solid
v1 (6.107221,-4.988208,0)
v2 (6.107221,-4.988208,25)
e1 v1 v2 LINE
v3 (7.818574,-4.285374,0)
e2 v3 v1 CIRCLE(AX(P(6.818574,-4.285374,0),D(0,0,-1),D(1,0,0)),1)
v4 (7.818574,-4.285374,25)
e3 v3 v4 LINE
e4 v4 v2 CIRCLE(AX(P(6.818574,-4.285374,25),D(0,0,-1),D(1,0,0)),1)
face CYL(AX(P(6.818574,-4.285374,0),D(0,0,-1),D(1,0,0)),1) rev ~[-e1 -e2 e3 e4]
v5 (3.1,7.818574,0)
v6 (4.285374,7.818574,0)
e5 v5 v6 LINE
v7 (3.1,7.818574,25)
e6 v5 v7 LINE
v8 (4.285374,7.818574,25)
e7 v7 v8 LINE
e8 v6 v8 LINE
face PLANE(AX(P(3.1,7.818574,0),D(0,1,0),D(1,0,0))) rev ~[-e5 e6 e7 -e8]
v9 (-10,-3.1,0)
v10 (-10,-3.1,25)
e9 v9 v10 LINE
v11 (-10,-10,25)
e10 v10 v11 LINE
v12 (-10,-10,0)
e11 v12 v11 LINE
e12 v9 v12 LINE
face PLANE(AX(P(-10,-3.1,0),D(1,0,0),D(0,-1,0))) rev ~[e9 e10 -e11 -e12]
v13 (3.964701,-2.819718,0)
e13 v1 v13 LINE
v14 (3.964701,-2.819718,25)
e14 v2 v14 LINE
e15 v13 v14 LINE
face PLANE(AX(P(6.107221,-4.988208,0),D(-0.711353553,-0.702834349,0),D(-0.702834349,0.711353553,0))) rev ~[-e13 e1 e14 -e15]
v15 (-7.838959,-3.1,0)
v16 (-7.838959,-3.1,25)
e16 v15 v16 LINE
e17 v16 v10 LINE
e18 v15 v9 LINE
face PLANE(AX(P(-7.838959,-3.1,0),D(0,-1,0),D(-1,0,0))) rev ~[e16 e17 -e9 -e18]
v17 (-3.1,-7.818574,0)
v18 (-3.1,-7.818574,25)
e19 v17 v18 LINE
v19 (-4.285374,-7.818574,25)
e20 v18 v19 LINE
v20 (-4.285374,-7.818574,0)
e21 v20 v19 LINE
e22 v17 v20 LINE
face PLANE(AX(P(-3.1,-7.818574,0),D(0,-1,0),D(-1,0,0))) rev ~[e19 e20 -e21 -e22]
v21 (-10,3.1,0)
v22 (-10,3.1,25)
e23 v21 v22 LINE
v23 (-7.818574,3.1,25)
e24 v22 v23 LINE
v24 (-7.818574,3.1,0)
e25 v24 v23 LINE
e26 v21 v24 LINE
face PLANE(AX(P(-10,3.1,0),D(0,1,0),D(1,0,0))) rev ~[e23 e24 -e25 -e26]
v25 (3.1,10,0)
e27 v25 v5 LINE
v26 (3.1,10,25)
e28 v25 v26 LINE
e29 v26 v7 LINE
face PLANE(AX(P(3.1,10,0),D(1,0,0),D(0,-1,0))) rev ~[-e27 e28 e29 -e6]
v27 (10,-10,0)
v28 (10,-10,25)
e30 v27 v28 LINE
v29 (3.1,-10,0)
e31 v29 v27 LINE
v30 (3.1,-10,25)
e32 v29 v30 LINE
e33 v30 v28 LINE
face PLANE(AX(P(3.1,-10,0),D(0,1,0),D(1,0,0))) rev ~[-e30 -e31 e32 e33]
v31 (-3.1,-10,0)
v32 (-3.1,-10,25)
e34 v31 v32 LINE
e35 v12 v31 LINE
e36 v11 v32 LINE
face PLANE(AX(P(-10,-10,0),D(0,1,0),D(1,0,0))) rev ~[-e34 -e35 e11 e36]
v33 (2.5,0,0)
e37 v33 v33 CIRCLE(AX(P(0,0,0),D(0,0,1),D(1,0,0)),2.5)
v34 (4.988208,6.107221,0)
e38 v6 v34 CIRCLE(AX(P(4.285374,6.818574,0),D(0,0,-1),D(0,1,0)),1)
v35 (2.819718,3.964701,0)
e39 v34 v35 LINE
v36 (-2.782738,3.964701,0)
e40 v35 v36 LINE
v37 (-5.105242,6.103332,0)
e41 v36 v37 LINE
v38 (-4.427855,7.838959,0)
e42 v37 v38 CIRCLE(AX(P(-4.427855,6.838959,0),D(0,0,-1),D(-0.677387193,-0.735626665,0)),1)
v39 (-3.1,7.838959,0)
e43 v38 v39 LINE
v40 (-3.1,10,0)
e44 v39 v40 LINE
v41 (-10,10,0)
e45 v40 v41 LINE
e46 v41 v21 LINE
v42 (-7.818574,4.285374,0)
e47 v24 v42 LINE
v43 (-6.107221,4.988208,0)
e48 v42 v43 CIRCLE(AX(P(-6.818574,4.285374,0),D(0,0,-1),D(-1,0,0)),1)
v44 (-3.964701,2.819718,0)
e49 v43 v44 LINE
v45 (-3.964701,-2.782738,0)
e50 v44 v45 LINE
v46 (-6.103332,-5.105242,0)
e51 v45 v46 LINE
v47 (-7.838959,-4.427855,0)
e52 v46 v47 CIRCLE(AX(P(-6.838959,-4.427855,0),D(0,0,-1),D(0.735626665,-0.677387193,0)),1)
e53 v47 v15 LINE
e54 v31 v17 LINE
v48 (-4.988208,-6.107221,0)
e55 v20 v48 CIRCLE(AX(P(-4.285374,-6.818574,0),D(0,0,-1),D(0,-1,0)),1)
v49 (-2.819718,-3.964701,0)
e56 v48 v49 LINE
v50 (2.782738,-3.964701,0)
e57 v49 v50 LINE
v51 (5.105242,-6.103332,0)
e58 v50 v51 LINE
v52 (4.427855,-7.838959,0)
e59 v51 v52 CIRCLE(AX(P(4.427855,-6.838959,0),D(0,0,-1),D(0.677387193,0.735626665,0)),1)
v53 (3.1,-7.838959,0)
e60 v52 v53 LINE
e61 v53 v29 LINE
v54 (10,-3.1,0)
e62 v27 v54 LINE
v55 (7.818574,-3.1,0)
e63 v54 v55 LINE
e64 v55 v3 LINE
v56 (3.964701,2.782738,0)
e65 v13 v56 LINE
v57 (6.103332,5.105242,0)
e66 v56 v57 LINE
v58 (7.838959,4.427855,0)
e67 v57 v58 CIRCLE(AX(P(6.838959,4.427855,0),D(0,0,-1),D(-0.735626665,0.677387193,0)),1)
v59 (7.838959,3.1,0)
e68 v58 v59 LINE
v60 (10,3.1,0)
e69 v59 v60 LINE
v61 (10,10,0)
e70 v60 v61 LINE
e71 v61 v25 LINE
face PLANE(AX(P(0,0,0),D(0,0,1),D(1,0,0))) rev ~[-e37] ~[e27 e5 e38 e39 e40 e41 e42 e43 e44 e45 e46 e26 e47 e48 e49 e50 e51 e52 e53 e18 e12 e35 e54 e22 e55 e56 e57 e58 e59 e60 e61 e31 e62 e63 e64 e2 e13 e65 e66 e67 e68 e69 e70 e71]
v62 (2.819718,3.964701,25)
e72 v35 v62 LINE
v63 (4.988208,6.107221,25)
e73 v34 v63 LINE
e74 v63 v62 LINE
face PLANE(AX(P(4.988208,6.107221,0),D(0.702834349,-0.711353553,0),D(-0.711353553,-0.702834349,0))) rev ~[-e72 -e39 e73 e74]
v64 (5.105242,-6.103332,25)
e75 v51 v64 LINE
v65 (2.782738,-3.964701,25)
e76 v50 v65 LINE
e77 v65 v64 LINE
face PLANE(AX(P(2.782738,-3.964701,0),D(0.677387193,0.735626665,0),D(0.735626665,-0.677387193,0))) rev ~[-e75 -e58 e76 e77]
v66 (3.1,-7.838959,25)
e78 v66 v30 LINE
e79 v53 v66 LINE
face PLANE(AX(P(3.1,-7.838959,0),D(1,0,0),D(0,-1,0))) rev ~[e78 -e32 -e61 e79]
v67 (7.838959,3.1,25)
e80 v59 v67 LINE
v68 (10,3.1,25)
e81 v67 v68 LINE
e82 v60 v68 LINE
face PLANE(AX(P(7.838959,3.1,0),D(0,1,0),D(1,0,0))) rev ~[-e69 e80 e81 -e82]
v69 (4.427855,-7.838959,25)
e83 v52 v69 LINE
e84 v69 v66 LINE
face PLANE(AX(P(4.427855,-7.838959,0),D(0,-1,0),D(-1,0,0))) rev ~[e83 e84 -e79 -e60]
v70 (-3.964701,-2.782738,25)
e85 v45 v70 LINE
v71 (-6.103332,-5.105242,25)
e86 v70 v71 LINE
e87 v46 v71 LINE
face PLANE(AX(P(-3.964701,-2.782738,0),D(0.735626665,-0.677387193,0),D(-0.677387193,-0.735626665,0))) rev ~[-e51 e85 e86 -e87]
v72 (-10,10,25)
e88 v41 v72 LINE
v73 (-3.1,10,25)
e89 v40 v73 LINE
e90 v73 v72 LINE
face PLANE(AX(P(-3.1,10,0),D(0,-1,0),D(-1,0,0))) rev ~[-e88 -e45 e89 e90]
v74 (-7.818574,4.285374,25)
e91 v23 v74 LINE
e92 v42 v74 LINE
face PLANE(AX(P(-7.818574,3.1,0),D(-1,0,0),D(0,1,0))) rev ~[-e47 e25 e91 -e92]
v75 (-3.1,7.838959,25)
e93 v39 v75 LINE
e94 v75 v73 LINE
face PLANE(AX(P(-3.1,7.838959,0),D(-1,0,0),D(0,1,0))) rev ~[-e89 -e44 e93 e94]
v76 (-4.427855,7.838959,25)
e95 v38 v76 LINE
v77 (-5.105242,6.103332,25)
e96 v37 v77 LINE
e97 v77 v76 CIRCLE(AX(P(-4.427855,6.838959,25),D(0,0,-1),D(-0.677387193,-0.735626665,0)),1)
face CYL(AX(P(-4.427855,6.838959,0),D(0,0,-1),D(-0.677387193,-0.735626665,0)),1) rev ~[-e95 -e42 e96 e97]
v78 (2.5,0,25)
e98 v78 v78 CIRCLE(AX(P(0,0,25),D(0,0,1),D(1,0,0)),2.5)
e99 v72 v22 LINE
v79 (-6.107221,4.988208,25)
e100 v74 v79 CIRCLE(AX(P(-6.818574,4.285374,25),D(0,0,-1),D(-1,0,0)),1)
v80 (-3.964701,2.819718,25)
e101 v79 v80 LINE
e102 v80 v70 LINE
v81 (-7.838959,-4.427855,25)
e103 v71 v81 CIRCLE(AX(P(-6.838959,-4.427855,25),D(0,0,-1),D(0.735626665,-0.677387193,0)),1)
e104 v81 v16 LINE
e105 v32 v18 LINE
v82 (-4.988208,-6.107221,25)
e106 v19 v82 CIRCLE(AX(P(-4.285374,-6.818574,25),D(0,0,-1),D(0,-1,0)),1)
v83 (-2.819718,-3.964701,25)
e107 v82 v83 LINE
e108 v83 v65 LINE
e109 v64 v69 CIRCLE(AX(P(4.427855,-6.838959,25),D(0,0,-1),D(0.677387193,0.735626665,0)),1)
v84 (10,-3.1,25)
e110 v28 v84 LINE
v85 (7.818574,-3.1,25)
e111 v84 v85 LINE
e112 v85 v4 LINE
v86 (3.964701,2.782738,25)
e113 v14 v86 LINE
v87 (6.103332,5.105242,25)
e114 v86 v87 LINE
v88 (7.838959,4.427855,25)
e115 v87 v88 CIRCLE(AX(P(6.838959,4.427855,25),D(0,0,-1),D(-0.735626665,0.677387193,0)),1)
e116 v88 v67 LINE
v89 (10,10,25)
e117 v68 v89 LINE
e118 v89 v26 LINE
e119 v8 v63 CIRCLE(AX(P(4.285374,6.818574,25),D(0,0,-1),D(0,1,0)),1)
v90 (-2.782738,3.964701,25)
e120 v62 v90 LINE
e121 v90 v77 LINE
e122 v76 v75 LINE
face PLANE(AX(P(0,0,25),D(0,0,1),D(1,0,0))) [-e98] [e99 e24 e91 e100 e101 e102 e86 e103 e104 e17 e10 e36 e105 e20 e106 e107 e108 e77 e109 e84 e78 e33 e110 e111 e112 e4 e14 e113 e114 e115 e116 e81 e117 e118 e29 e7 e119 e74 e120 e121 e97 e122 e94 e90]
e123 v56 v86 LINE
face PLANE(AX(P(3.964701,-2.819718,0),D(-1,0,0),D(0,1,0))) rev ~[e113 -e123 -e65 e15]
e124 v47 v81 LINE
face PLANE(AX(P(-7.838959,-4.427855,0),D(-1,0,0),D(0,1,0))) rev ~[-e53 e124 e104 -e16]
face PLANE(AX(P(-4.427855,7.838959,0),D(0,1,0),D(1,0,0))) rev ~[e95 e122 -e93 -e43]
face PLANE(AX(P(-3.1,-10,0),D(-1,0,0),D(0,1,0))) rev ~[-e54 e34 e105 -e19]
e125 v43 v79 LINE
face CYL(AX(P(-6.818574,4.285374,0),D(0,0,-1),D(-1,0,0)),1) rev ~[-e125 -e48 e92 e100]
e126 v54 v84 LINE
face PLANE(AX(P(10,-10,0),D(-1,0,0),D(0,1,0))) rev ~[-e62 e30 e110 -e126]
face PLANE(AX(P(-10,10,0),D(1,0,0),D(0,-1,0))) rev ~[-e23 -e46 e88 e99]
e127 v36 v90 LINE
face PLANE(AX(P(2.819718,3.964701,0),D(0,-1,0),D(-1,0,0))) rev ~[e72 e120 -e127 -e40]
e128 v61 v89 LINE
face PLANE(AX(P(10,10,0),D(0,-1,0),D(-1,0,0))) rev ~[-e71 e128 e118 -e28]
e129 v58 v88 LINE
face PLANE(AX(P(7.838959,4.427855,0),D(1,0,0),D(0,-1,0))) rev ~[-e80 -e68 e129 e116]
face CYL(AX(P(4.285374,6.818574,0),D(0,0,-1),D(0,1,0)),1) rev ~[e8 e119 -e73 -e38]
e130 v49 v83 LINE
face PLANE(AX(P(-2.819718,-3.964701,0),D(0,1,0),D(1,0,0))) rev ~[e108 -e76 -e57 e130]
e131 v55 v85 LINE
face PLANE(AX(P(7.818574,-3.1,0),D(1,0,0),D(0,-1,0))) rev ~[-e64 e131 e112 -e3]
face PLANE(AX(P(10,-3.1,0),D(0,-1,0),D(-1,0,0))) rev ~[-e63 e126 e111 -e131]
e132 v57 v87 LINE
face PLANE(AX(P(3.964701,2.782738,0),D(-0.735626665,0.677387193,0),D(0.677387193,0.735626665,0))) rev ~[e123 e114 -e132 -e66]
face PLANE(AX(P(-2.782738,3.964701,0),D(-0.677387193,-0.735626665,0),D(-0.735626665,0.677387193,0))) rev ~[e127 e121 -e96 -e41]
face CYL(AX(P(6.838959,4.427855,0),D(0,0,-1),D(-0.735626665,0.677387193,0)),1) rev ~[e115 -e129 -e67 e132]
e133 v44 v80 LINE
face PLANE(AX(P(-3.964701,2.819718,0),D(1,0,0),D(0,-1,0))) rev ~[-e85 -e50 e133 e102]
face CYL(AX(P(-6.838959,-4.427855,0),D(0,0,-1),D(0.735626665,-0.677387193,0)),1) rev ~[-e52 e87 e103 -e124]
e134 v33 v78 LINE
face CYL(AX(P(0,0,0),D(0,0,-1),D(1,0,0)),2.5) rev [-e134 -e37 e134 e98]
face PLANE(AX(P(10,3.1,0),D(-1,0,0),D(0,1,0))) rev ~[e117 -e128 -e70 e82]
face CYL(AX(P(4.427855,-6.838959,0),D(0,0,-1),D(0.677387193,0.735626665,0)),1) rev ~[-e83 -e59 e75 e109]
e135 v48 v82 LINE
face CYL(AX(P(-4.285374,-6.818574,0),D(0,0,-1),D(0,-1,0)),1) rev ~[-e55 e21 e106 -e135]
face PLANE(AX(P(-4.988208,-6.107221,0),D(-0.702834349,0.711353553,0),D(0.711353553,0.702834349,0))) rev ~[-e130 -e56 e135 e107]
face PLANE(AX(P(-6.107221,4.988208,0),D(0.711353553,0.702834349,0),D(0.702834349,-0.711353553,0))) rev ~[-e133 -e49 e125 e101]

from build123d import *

# Parameters (mm, degrees)
SKETCH2_R           = 2.5
BOSS_EXTRUDE1_DEPTH = 25


with BuildPart() as part:
    # Sketch2 → Boss-Extrude1 (new body)
    with BuildSketch(Plane.XY):
        with BuildLine():
            Line((-10, -10), (-3.1, -10))
            Line((-3.1, -10), (-3.1, -7.81857447))
            Line((-3.1, -7.81857447), (-4.285374034, -7.81857447))
            ThreePointArc((-4.285374034, -7.81857447), (-5.210402021, -7.198473435), (-4.988208383, -6.107220917))
            Line((-4.988208383, -6.107220917), (-2.819718275, -3.96470075))
            Line((-2.819718275, -3.96470075), (0, -3.96470075))
            Line((0, -3.96470075), (2.782738033, -3.96470075))
            Line((2.782738033, -3.96470075), (5.105242131, -6.103332486))
            ThreePointArc((5.105242131, -6.103332486), (5.359419929, -7.202533996), (4.427854938, -7.838959152))
            Line((4.427854938, -7.838959152), (3.1, -7.838959152))
            Line((3.1, -7.838959152), (3.1, -10))
            Line((3.1, -10), (10, -10))
            Line((10, -10), (10, -3.1))
            Line((10, -3.1), (7.81857447, -3.1))
            Line((7.81857447, -3.1), (7.81857447, -4.285374034))
            ThreePointArc((7.81857447, -4.285374034), (7.198473435, -5.210402021), (6.107220917, -4.988208383))
            Line((6.107220917, -4.988208383), (3.96470075, -2.819718275))
            Line((3.96470075, -2.819718275), (3.96470075, 0))
            Line((3.96470075, 0), (3.96470075, 2.782738033))
            Line((3.96470075, 2.782738033), (6.103332486, 5.105242131))
            ThreePointArc((6.103332486, 5.105242131), (7.202533996, 5.359419929), (7.838959152, 4.427854938))
            Line((7.838959152, 4.427854938), (7.838959152, 3.1))
            Line((7.838959152, 3.1), (10, 3.1))
            Line((10, 3.1), (10, 10))
            Line((10, 10), (3.1, 10))
            Line((3.1, 10), (3.1, 7.81857447))
            Line((3.1, 7.81857447), (4.285374034, 7.81857447))
            ThreePointArc((4.285374034, 7.81857447), (5.210402021, 7.198473435), (4.988208383, 6.107220917))
            Line((4.988208383, 6.107220917), (2.819718275, 3.96470075))
            Line((2.819718275, 3.96470075), (0, 3.96470075))
            Line((0, 3.96470075), (-2.782738033, 3.96470075))
            Line((-2.782738033, 3.96470075), (-5.105242131, 6.103332486))
            ThreePointArc((-5.105242131, 6.103332486), (-5.359419929, 7.202533996), (-4.427854938, 7.838959152))
            Line((-4.427854938, 7.838959152), (-3.1, 7.838959152))
            Line((-3.1, 7.838959152), (-3.1, 10))
            Line((-3.1, 10), (-10, 10))
            Line((-10, 10), (-10, 3.1))
            Line((-10, 3.1), (-7.81857447, 3.1))
            Line((-7.81857447, 3.1), (-7.81857447, 4.285374034))
            ThreePointArc((-7.81857447, 4.285374034), (-7.198473435, 5.210402021), (-6.107220917, 4.988208383))
            Line((-6.107220917, 4.988208383), (-3.96470075, 2.819718275))
            Line((-3.96470075, 2.819718275), (-3.96470075, 0))
            Line((-3.96470075, 0), (-3.96470075, -2.782738033))
            Line((-3.96470075, -2.782738033), (-6.103332486, -5.105242131))
            ThreePointArc((-6.103332486, -5.105242131), (-7.202533996, -5.359419929), (-7.838959152, -4.427854938))
            Line((-7.838959152, -4.427854938), (-7.838959152, -3.1))
            Line((-7.838959152, -3.1), (-10, -3.1))
            Line((-10, -3.1), (-10, -10))
        make_face()
        Circle(SKETCH2_R, mode=Mode.SUBTRACT)
    extrude(amount=BOSS_EXTRUDE1_DEPTH)


solid = part.part
